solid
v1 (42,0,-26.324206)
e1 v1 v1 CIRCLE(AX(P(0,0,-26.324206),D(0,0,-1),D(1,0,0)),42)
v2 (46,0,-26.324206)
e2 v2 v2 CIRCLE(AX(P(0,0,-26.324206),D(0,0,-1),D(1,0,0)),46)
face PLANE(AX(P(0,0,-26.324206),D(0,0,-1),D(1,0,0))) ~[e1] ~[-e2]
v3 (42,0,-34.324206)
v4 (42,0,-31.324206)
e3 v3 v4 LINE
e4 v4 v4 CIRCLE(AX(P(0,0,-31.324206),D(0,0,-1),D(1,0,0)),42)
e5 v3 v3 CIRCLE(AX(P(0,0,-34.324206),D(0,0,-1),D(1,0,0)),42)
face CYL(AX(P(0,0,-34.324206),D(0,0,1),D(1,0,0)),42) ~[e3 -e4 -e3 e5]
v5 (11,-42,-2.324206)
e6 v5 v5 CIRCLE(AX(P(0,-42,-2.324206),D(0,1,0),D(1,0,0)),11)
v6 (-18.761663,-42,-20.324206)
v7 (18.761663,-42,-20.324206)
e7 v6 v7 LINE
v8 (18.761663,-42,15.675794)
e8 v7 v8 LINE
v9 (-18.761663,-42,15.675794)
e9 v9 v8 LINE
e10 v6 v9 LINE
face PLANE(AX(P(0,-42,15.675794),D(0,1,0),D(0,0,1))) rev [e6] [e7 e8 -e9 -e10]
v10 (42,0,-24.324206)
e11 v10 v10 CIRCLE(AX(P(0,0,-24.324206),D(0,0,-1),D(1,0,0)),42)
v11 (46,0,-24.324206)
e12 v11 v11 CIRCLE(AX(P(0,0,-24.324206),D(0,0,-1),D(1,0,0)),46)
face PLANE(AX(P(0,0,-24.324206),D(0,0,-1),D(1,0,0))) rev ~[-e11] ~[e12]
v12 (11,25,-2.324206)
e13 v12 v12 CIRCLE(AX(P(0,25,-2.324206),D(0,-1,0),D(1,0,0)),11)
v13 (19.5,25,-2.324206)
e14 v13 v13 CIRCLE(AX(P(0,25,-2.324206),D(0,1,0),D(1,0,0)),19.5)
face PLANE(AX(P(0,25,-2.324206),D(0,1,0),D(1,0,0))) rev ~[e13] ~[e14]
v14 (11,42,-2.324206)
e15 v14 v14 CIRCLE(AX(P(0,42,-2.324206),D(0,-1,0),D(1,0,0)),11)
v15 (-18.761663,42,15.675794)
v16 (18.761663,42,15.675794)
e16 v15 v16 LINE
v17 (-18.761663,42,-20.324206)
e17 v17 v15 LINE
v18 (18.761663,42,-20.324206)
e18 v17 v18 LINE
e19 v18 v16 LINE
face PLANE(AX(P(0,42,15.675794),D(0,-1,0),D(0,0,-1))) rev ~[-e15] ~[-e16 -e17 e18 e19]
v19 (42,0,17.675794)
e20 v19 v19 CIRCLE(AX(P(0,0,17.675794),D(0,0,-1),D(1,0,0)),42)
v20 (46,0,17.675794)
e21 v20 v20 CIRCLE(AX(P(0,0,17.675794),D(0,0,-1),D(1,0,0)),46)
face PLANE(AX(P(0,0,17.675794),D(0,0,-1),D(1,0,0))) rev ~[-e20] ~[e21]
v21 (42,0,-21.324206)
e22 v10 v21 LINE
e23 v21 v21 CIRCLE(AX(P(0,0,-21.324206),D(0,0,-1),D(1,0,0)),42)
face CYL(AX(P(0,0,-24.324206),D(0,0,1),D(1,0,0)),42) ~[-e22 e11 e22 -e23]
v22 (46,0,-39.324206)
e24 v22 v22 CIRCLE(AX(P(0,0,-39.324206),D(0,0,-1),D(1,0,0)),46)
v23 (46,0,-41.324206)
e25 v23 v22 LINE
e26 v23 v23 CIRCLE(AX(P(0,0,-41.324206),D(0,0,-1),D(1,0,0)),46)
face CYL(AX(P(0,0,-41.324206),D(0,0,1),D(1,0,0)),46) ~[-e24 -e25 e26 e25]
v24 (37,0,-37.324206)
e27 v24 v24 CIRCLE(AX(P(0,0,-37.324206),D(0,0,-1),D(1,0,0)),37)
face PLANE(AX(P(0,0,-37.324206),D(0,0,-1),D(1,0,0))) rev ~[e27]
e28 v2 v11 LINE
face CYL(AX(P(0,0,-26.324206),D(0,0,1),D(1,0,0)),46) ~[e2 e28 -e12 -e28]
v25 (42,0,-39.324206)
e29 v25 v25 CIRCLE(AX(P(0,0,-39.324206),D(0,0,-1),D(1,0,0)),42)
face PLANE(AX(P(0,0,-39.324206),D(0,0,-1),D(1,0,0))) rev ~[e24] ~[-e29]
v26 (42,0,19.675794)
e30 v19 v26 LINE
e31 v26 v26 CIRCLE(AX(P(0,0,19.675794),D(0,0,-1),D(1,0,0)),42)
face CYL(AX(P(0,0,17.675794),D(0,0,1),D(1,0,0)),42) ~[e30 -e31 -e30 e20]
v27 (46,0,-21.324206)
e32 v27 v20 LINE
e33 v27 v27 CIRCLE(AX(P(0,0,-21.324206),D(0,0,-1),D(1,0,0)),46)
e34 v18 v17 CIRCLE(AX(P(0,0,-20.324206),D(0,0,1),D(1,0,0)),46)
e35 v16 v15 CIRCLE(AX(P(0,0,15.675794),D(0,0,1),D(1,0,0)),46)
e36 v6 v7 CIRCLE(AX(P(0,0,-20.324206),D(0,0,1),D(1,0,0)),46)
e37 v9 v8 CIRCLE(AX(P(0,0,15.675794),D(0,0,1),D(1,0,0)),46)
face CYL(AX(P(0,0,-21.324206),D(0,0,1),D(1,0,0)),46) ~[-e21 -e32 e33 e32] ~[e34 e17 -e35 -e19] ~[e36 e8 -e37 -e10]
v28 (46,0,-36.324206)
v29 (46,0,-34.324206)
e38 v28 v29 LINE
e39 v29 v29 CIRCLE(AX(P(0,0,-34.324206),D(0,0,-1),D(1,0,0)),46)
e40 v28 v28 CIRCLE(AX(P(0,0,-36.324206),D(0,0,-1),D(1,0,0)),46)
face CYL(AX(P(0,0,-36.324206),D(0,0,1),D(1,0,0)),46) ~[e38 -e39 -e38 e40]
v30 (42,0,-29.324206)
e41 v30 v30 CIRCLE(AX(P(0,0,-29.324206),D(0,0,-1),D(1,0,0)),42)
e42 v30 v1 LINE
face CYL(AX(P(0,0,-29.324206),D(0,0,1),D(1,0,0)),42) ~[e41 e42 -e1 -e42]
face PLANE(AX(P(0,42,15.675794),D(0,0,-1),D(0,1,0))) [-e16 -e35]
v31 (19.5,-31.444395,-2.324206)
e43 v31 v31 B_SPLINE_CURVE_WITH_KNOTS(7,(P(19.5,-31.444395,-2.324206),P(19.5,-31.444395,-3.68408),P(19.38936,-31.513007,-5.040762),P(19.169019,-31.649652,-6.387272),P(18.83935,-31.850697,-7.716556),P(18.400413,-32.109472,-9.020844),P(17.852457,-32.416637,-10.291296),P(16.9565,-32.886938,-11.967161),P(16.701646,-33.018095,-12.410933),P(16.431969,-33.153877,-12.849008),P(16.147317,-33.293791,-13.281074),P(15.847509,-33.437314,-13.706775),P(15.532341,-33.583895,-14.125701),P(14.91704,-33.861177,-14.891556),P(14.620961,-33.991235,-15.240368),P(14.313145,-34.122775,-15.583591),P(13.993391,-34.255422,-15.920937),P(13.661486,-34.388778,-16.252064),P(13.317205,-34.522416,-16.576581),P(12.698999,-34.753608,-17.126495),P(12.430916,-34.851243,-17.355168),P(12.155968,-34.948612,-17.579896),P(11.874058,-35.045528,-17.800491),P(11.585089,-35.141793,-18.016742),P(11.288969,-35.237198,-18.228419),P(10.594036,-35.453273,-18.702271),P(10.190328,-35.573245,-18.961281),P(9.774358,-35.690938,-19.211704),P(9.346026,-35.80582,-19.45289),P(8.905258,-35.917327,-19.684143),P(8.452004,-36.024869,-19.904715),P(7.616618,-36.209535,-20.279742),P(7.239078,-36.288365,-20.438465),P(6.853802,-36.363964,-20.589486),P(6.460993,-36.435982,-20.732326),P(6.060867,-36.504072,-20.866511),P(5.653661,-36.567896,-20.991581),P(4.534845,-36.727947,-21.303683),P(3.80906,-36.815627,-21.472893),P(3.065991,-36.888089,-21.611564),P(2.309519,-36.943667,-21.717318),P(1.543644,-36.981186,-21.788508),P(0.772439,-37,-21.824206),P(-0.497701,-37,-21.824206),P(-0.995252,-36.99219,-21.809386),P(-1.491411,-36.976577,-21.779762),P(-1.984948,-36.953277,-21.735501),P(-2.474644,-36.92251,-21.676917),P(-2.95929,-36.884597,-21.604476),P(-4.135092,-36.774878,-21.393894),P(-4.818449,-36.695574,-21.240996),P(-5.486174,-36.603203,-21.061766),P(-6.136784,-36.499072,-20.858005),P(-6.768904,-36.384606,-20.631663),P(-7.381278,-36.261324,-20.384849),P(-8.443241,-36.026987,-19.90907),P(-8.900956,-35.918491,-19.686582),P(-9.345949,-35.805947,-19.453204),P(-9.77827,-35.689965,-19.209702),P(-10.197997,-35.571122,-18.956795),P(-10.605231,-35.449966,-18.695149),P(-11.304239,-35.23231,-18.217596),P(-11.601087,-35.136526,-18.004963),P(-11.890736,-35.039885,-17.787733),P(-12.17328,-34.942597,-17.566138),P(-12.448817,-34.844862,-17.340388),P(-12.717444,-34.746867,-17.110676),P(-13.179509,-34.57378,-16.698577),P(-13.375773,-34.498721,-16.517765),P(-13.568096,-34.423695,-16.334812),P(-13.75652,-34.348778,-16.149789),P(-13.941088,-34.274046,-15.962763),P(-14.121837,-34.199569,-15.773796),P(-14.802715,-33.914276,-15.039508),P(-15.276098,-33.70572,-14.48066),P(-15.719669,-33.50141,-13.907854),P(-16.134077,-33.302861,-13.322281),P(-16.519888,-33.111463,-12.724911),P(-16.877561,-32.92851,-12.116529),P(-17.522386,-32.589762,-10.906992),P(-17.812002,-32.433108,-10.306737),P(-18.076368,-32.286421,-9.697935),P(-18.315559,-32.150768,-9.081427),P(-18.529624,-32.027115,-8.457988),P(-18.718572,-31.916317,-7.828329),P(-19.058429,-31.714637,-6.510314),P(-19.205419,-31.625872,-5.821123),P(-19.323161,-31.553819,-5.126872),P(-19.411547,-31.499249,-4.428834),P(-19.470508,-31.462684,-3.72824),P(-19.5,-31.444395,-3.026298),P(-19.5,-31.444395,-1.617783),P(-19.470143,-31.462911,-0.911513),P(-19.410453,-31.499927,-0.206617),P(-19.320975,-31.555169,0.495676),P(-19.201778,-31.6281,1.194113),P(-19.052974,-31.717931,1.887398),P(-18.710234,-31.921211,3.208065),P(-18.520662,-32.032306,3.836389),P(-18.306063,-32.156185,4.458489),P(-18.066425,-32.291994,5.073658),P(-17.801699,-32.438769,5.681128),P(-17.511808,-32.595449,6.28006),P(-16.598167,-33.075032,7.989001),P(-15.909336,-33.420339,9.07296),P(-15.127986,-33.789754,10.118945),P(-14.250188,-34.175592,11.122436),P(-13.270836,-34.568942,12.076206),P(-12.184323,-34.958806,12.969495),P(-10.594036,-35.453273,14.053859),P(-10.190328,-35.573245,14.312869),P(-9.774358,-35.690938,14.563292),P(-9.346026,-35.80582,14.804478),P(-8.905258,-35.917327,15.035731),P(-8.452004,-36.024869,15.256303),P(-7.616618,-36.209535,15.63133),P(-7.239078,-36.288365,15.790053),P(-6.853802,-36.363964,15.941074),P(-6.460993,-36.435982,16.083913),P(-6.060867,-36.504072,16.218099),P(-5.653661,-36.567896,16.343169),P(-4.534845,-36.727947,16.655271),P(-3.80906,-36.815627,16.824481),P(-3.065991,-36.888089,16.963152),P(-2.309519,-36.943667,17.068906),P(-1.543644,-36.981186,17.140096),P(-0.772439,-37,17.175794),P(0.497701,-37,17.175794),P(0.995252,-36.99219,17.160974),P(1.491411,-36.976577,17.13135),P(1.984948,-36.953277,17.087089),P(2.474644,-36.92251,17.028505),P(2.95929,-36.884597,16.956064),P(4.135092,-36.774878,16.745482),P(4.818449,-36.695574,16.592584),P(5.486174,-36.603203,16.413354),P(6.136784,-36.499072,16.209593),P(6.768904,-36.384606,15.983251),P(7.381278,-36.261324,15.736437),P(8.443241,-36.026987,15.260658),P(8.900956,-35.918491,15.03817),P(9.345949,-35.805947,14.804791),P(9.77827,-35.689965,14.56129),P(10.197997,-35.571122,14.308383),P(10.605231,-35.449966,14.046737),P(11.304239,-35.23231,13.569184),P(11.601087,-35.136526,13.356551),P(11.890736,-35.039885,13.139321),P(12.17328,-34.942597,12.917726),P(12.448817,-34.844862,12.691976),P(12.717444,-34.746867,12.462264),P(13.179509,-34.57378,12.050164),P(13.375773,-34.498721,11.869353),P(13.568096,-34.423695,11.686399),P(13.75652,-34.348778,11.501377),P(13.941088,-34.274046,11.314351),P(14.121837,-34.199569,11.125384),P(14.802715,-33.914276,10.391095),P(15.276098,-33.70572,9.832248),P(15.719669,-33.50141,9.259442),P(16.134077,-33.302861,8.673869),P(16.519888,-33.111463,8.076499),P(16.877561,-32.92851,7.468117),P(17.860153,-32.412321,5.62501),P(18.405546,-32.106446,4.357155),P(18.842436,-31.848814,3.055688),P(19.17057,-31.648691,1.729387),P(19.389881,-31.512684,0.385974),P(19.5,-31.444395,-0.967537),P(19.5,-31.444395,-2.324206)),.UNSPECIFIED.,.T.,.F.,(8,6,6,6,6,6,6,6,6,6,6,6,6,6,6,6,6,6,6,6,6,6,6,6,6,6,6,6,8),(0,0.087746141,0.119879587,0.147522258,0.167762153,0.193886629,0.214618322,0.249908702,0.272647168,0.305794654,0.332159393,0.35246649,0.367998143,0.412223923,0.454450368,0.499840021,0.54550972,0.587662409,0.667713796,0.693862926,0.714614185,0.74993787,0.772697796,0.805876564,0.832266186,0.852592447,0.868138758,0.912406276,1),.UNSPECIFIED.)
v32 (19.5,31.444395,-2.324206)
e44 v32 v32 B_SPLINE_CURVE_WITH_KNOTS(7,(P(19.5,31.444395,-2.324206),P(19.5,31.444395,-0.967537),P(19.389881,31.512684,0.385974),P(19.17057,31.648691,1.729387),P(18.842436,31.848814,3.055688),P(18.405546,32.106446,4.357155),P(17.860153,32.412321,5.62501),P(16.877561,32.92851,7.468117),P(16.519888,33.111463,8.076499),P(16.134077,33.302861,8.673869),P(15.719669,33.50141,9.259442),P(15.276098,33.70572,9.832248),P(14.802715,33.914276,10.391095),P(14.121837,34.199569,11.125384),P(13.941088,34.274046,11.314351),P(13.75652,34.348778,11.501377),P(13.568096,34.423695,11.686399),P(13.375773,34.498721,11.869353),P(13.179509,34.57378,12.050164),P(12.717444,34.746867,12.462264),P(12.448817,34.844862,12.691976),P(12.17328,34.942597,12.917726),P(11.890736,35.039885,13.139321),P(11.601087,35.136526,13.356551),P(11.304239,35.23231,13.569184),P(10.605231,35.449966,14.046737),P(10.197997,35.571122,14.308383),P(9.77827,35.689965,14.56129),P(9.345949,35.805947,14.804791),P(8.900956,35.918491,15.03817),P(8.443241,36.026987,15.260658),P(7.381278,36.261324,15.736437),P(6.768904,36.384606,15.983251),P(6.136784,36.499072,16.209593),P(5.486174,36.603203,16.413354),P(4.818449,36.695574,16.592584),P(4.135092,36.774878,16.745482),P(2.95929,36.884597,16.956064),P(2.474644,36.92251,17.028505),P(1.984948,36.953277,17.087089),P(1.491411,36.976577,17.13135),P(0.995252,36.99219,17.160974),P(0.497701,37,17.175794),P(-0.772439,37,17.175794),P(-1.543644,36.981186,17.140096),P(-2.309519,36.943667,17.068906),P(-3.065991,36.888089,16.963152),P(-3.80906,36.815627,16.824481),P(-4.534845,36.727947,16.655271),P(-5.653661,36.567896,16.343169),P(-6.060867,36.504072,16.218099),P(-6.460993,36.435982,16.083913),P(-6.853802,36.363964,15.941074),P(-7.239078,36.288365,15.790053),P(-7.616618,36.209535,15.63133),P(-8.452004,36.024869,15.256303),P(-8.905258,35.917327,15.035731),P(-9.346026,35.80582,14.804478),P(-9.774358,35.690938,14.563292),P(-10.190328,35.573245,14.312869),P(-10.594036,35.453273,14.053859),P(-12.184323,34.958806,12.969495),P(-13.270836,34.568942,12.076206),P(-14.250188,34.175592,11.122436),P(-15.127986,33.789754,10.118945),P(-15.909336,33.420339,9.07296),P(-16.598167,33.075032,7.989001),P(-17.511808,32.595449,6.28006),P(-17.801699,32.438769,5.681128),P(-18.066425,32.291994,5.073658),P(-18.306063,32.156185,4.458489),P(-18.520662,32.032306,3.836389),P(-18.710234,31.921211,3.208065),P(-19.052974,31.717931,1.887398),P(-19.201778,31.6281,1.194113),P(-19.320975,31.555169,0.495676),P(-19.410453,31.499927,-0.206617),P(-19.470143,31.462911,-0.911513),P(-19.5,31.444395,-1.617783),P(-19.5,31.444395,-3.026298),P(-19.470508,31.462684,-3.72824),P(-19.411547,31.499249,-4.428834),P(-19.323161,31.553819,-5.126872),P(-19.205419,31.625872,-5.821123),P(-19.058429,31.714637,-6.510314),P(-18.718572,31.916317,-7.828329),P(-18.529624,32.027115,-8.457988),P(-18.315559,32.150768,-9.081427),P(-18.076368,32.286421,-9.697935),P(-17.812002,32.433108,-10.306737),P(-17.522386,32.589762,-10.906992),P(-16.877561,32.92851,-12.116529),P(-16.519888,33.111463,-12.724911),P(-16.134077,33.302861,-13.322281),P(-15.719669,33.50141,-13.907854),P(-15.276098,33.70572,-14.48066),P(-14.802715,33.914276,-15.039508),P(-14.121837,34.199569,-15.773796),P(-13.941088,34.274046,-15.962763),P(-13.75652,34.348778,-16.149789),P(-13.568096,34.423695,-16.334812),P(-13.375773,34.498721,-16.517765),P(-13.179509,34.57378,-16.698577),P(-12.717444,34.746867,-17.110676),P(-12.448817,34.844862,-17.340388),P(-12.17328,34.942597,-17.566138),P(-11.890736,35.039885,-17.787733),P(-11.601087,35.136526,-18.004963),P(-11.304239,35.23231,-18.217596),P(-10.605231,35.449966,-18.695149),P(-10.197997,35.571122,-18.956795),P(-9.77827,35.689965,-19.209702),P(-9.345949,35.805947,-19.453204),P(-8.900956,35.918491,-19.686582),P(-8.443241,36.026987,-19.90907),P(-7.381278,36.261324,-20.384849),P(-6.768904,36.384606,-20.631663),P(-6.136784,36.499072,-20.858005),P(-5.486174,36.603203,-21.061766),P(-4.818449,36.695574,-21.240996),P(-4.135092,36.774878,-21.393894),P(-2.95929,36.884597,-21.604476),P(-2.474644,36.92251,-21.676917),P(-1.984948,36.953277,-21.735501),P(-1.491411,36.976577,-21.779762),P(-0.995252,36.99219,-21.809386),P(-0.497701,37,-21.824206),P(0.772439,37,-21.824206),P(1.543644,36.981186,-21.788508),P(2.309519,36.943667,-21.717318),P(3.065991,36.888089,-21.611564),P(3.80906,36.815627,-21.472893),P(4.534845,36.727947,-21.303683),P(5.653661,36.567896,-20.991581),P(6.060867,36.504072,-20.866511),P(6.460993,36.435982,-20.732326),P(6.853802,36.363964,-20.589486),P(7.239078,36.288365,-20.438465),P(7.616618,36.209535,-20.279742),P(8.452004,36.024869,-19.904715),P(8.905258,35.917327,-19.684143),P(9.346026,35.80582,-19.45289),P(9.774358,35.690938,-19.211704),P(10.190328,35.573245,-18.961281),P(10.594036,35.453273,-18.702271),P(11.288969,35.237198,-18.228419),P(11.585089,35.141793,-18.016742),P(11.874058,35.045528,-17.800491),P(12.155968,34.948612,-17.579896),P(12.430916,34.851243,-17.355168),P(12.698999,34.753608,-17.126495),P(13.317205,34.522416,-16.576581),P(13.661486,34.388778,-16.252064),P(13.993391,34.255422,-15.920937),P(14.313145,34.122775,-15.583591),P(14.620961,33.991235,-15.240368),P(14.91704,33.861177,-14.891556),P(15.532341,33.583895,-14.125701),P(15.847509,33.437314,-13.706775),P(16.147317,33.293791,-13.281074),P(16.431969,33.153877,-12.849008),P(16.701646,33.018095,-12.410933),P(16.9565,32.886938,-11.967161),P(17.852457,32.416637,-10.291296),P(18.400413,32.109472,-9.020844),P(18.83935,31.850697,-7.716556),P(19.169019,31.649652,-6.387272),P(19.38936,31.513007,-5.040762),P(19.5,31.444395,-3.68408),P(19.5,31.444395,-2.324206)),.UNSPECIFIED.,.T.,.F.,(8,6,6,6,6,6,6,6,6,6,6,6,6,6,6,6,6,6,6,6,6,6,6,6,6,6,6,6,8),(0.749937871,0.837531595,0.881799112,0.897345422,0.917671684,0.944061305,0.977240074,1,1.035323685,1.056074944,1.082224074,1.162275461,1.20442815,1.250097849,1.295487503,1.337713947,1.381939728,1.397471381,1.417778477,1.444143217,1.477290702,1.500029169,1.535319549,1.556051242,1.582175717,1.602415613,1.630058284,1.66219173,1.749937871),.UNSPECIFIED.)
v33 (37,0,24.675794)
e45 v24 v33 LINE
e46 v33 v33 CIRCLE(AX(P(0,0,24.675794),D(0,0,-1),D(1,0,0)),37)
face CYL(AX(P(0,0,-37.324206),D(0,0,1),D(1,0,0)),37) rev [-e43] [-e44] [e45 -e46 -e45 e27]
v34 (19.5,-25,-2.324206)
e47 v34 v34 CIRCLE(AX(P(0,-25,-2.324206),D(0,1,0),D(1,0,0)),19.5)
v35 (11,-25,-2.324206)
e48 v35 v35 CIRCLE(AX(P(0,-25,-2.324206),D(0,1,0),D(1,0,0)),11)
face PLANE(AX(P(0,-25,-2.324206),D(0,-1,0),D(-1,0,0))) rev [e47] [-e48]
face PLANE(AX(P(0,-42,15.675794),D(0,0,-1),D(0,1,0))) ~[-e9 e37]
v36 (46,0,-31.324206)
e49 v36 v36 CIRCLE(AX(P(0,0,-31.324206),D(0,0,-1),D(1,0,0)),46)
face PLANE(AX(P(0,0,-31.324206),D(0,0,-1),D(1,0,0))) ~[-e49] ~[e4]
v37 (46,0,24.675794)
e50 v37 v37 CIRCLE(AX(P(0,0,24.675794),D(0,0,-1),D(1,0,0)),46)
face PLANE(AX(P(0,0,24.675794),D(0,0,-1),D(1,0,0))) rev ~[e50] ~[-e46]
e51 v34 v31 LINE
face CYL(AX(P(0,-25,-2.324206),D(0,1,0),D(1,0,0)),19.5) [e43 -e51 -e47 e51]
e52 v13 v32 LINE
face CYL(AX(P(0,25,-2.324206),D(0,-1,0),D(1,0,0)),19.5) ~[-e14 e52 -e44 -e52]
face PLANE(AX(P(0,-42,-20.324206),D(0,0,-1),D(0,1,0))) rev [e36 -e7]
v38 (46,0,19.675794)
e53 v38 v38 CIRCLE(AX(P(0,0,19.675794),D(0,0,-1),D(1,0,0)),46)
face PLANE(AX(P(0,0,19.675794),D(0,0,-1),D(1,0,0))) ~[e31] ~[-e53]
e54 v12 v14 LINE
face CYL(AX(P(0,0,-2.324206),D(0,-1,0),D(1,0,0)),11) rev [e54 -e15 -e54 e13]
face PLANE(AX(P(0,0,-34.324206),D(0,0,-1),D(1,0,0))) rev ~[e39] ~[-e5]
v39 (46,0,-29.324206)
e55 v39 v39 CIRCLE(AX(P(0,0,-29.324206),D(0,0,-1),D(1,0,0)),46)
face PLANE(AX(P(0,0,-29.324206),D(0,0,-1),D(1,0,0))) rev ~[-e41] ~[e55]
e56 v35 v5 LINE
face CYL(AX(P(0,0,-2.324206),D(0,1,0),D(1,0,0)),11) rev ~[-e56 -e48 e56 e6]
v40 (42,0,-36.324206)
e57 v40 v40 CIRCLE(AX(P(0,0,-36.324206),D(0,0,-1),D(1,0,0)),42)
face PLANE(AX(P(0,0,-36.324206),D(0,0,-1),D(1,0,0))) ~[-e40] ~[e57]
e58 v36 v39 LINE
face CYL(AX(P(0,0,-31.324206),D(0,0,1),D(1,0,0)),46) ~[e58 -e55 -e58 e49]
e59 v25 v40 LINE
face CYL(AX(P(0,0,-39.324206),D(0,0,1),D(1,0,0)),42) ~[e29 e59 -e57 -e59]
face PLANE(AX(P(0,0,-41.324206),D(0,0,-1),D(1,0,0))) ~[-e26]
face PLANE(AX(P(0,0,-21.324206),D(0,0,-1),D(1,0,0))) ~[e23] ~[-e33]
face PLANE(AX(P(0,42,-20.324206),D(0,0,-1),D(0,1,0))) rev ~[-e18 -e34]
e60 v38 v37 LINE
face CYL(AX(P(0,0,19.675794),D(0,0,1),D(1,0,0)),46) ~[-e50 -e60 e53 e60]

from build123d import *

# Parameters (mm, degrees)
SKETCH2_R               = 19.5
BOSS_EXTRUDE1_DEPTH     = 12
SKETCH3_R               = 11
CUT_EXTRUDE2_DEPTH      = 47
CUT_EXTRUDE2_DEPTH_BACK = 47
SKETCH7_W               = 36
SKETCH7_H               = 8
CUT_EXTRUDE4_DEPTH      = 47.0000001


with BuildPart() as part:
    # Sketch1 → Revolve1 (revolve)
    with BuildSketch(Plane(origin=(0, 0, 0), x_dir=(1, 0, 0), z_dir=(0, 1, 0))):
        Polygon((0, 41.324206049), (46, 41.324206049), (46, 39.324206049), (42, 39.324206049), (42, 36.324206049), (46, 36.324206049), (46, 34.324206049), (42, 34.324206049), (42, 31.324206049), (46, 31.324206049), (46, 29.324206049), (42, 29.324206049), (42, 26.324206049), (46, 26.324206049), (46, 24.324206049), (42, 24.324206049), (42, 21.324206049), (46, 21.324206049), (46, -17.675793951), (42, -17.675793951), (42, -19.675793951), (46, -19.675793951), (46, -24.675793951), (37, -24.675793951), (37, 22.858692986), (37, 37.324206049), (0, 37.324206049), align=None)
    revolve(axis=Axis((0, 0, 0), (0, 0, -1)))

    # Sketch2 → Boss-Extrude1 (add)
    with BuildSketch(Plane(origin=(0, 25, 0), x_dir=(1, 0, 0), z_dir=(0, 1, 0))):
        with Locations((0, 2.324206049)):
            Circle(SKETCH2_R)
    boss_extrude1 = extrude(amount=BOSS_EXTRUDE1_DEPTH)

    # Mirror1: Boss-Extrude1 across plane
    add(boss_extrude1.mirror(Plane.ZX))

    # Sketch3 → Cut-Extrude2 (cut, two sides)
    with BuildSketch(Plane(origin=(0, 0, 0), x_dir=(1, 0, 0), z_dir=(0, 1, 0))) as cut_extrude2_sk:
        with Locations((0, 2.324206049)):
            Circle(SKETCH3_R)
    extrude(amount=CUT_EXTRUDE2_DEPTH, mode=Mode.SUBTRACT)
    extrude(cut_extrude2_sk.sketch, amount=-CUT_EXTRUDE2_DEPTH_BACK, mode=Mode.SUBTRACT)

    # Sketch7 → Cut-Extrude4 (cut, symmetric)
    with BuildSketch(Plane(origin=(0, 0, 0), x_dir=(0, 0, -1), z_dir=(1, 0, 0))):
        with Locations((2.324206049, 46)):
            Rectangle(SKETCH7_W, SKETCH7_H)
    cut_extrude4 = extrude(amount=CUT_EXTRUDE4_DEPTH, both=True, mode=Mode.SUBTRACT)

    # Mirror2: Cut-Extrude4 across plane
    add(cut_extrude4.mirror(Plane.ZX), mode=Mode.SUBTRACT)


solid = part.part
